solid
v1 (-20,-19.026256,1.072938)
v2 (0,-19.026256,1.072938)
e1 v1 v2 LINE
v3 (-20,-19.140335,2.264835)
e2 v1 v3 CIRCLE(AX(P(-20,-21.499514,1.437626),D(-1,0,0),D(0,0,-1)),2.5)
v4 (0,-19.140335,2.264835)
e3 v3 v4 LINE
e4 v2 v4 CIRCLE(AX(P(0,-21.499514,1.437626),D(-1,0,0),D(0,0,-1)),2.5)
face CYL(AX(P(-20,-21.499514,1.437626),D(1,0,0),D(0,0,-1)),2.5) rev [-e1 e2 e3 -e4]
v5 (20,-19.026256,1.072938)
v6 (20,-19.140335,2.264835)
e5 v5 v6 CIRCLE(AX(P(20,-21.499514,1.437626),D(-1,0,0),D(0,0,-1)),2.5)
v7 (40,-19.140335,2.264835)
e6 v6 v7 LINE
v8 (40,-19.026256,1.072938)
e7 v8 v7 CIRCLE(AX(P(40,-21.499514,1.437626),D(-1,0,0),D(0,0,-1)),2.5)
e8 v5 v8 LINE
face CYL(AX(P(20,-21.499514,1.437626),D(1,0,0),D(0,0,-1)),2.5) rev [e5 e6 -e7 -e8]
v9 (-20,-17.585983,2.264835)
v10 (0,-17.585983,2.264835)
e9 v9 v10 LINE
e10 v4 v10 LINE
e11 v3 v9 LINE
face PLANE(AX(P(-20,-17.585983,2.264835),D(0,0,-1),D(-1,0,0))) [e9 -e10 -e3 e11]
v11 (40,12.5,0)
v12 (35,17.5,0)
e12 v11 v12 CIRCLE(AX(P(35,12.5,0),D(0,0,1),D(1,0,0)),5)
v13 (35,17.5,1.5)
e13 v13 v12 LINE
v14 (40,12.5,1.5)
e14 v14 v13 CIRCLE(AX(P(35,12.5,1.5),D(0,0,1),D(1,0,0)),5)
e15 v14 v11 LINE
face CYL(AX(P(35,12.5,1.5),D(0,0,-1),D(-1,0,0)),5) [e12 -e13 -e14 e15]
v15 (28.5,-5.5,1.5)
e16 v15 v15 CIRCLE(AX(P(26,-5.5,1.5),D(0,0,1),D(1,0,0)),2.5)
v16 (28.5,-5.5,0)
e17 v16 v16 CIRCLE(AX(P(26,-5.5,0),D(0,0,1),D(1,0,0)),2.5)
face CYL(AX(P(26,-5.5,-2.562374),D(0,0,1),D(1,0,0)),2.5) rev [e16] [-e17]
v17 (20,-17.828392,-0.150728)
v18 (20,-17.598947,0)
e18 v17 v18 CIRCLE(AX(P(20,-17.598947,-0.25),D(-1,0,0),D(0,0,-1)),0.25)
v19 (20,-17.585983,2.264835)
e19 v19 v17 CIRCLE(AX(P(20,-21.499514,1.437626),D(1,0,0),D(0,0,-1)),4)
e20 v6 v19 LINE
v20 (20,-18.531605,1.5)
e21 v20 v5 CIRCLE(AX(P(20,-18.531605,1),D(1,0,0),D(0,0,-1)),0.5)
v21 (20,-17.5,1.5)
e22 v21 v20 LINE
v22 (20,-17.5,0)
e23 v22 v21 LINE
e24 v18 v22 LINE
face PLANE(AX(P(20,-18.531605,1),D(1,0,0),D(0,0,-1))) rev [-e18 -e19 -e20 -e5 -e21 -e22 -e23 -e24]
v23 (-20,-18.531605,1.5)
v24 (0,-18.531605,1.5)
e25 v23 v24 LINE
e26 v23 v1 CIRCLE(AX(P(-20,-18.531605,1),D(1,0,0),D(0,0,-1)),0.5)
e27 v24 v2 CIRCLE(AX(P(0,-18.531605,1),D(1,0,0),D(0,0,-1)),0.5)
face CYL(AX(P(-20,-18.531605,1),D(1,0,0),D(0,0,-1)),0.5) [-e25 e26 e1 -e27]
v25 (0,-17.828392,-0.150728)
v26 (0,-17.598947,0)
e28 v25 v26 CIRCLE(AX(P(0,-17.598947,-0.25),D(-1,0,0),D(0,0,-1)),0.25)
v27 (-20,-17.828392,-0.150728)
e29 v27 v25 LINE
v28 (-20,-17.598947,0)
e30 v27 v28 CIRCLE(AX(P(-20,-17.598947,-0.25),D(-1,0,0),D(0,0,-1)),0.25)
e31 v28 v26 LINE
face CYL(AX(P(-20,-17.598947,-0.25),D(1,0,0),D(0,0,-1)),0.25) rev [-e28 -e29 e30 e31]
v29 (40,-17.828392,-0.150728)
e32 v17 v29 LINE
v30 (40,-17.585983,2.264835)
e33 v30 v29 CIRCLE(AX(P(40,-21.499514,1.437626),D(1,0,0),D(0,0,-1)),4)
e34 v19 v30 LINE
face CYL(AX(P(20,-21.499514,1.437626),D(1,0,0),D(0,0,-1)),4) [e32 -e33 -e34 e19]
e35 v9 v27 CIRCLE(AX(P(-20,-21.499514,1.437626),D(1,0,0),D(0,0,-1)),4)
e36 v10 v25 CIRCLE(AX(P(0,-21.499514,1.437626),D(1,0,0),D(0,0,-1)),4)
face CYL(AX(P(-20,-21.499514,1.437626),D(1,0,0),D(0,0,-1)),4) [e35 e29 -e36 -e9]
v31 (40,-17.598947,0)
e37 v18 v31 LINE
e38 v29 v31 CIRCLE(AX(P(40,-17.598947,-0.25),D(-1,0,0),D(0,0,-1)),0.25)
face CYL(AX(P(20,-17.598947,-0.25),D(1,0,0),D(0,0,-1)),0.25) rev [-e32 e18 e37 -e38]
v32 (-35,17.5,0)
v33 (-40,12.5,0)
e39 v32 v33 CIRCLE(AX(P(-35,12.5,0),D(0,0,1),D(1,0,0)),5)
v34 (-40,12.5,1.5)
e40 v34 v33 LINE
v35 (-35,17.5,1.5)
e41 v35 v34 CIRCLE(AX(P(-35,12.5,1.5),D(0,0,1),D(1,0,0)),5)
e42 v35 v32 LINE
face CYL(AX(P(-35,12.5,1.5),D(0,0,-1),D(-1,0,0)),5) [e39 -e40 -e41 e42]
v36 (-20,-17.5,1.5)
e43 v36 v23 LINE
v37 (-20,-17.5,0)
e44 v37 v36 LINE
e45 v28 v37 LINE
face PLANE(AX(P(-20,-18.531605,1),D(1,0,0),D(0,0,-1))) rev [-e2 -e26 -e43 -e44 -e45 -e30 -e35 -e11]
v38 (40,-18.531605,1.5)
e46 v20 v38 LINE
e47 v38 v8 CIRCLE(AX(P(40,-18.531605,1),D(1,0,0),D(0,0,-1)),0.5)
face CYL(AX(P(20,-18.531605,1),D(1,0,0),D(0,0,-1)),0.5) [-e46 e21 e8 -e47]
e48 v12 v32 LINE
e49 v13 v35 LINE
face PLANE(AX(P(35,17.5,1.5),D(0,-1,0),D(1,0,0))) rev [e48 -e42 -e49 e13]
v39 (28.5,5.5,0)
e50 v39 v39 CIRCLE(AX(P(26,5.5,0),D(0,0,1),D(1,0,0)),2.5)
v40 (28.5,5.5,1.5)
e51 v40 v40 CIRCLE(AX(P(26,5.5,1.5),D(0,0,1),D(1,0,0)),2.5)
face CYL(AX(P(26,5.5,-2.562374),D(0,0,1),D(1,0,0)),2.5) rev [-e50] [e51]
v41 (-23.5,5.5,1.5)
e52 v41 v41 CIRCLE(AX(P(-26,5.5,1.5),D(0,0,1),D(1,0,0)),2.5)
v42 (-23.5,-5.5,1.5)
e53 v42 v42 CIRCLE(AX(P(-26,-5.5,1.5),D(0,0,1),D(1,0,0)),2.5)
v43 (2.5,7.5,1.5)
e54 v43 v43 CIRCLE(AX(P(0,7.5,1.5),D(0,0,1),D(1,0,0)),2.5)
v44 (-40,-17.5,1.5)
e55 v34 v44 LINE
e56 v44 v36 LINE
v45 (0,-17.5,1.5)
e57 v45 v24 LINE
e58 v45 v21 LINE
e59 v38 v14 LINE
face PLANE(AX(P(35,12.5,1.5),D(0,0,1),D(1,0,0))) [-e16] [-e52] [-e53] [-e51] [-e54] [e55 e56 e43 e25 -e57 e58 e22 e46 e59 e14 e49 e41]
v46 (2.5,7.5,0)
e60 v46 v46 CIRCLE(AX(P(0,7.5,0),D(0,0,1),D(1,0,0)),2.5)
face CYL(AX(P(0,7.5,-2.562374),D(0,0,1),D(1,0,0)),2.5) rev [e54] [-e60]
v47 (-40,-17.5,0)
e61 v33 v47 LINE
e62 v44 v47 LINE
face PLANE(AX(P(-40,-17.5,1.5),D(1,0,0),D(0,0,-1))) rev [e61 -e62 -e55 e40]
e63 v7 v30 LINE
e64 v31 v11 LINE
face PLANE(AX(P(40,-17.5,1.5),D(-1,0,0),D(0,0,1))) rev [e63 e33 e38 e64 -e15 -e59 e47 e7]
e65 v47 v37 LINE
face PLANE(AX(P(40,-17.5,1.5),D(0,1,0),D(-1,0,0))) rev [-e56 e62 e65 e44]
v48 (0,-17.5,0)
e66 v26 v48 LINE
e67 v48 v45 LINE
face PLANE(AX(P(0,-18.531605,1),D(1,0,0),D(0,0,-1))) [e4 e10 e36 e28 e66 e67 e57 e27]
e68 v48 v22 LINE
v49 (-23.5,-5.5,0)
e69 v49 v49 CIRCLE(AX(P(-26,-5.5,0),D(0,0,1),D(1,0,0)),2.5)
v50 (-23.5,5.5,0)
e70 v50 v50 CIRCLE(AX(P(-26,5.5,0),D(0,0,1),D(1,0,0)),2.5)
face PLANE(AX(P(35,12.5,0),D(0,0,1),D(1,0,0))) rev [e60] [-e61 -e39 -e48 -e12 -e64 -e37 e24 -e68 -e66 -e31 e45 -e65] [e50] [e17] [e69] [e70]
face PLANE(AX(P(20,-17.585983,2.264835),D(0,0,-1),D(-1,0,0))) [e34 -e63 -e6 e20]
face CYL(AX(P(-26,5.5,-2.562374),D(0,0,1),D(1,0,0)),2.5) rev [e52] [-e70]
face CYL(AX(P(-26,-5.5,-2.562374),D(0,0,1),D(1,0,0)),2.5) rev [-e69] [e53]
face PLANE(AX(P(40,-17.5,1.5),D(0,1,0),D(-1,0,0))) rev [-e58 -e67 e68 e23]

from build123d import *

# Parameters (mm, degrees)
BOSS_EXTRUDE1_DEPTH = 1.5
BOSS_EXTRUDE3_DEPTH = 20
LPATTERN1_COUNT     = 2
LPATTERN1_PITCH     = 40
SKETCH7_R           = 2.5
CUT_EXTRUDE1_DEPTH  = 48.610167833
SKETCH8_R           = 2.5
CUT_EXTRUDE2_DEPTH  = 48.610167833


with BuildPart() as part:
    # Sketch2 → Boss-Extrude1 (new body)
    with BuildSketch(Plane.XY):
        with BuildLine():
            Line((40, -17.5), (-40, -17.5))
            Line((-40, -17.5), (-40, 12.5))
            ThreePointArc((-40, 12.5), (-38.535533906, 16.035533906), (-35, 17.5))
            Line((-35, 17.5), (35, 17.5))
            ThreePointArc((35, 17.5), (38.535533906, 16.035533906), (40, 12.5))
            Line((40, 12.5), (40, -17.5))
        make_face()
    extrude(amount=BOSS_EXTRUDE1_DEPTH)

    # Sketch6 → Boss-Extrude3 (add)
    with BuildSketch(Plane(origin=(40, 0, 0), x_dir=(0, 0, -1), z_dir=(1, 0, 0))):
        with BuildLine():
            Line((-2.264835489, -17.585982761), (-2.264835489, -19.140334974))
            ThreePointArc((-2.264835489, -19.140334974), (-1.199434521, -23.988140772), (-1.072937624, -19.026256169))
            ThreePointArc((-1.072937624, -19.026256169), (-1.378463216, -18.858354721), (-1.5, -18.531604672))
            Line((-1.5, -18.531604672), (-1.5, -17.5))
            Line((-1.5, -17.5), (0, -17.5))
            Line((0, -17.5), (0, -17.598947109))
            ThreePointArc((0, -17.598947109), (0.041052608, -17.736209584), (0.150727898, -17.8283922))
            ThreePointArc((0.150727898, -17.8283922), (-1.837032289, -25.479523), (-2.264835489, -17.585982761))
        make_face()
    boss_extrude3 = extrude(amount=-BOSS_EXTRUDE3_DEPTH)

    # LPattern1: Boss-Extrude3 ×2
    with Locations(*[(-i * LPATTERN1_PITCH, 0, 0) for i in range(1, LPATTERN1_COUNT)]):
        add(boss_extrude3)

    # Sketch7 → Cut-Extrude1 (cut, through all)
    with BuildSketch(Plane.XY.offset(1.5)):
        with Locations((0, 7.5)):
            Circle(SKETCH7_R)
        with Locations((-26, -5.5)):
            Circle(SKETCH7_R)
        with Locations((26, -5.5)):
            Circle(SKETCH7_R)
    extrude(amount=-CUT_EXTRUDE1_DEPTH, mode=Mode.SUBTRACT)

    # Sketch8 → Cut-Extrude2 (cut, through all)
    with BuildSketch(Plane.XY.offset(1.5)):
        with Locations((-26, 5.5)):
            Circle(SKETCH8_R)
        with Locations((26, 5.5)):
            Circle(SKETCH8_R)
    extrude(amount=-CUT_EXTRUDE2_DEPTH, mode=Mode.SUBTRACT)


solid = part.part
